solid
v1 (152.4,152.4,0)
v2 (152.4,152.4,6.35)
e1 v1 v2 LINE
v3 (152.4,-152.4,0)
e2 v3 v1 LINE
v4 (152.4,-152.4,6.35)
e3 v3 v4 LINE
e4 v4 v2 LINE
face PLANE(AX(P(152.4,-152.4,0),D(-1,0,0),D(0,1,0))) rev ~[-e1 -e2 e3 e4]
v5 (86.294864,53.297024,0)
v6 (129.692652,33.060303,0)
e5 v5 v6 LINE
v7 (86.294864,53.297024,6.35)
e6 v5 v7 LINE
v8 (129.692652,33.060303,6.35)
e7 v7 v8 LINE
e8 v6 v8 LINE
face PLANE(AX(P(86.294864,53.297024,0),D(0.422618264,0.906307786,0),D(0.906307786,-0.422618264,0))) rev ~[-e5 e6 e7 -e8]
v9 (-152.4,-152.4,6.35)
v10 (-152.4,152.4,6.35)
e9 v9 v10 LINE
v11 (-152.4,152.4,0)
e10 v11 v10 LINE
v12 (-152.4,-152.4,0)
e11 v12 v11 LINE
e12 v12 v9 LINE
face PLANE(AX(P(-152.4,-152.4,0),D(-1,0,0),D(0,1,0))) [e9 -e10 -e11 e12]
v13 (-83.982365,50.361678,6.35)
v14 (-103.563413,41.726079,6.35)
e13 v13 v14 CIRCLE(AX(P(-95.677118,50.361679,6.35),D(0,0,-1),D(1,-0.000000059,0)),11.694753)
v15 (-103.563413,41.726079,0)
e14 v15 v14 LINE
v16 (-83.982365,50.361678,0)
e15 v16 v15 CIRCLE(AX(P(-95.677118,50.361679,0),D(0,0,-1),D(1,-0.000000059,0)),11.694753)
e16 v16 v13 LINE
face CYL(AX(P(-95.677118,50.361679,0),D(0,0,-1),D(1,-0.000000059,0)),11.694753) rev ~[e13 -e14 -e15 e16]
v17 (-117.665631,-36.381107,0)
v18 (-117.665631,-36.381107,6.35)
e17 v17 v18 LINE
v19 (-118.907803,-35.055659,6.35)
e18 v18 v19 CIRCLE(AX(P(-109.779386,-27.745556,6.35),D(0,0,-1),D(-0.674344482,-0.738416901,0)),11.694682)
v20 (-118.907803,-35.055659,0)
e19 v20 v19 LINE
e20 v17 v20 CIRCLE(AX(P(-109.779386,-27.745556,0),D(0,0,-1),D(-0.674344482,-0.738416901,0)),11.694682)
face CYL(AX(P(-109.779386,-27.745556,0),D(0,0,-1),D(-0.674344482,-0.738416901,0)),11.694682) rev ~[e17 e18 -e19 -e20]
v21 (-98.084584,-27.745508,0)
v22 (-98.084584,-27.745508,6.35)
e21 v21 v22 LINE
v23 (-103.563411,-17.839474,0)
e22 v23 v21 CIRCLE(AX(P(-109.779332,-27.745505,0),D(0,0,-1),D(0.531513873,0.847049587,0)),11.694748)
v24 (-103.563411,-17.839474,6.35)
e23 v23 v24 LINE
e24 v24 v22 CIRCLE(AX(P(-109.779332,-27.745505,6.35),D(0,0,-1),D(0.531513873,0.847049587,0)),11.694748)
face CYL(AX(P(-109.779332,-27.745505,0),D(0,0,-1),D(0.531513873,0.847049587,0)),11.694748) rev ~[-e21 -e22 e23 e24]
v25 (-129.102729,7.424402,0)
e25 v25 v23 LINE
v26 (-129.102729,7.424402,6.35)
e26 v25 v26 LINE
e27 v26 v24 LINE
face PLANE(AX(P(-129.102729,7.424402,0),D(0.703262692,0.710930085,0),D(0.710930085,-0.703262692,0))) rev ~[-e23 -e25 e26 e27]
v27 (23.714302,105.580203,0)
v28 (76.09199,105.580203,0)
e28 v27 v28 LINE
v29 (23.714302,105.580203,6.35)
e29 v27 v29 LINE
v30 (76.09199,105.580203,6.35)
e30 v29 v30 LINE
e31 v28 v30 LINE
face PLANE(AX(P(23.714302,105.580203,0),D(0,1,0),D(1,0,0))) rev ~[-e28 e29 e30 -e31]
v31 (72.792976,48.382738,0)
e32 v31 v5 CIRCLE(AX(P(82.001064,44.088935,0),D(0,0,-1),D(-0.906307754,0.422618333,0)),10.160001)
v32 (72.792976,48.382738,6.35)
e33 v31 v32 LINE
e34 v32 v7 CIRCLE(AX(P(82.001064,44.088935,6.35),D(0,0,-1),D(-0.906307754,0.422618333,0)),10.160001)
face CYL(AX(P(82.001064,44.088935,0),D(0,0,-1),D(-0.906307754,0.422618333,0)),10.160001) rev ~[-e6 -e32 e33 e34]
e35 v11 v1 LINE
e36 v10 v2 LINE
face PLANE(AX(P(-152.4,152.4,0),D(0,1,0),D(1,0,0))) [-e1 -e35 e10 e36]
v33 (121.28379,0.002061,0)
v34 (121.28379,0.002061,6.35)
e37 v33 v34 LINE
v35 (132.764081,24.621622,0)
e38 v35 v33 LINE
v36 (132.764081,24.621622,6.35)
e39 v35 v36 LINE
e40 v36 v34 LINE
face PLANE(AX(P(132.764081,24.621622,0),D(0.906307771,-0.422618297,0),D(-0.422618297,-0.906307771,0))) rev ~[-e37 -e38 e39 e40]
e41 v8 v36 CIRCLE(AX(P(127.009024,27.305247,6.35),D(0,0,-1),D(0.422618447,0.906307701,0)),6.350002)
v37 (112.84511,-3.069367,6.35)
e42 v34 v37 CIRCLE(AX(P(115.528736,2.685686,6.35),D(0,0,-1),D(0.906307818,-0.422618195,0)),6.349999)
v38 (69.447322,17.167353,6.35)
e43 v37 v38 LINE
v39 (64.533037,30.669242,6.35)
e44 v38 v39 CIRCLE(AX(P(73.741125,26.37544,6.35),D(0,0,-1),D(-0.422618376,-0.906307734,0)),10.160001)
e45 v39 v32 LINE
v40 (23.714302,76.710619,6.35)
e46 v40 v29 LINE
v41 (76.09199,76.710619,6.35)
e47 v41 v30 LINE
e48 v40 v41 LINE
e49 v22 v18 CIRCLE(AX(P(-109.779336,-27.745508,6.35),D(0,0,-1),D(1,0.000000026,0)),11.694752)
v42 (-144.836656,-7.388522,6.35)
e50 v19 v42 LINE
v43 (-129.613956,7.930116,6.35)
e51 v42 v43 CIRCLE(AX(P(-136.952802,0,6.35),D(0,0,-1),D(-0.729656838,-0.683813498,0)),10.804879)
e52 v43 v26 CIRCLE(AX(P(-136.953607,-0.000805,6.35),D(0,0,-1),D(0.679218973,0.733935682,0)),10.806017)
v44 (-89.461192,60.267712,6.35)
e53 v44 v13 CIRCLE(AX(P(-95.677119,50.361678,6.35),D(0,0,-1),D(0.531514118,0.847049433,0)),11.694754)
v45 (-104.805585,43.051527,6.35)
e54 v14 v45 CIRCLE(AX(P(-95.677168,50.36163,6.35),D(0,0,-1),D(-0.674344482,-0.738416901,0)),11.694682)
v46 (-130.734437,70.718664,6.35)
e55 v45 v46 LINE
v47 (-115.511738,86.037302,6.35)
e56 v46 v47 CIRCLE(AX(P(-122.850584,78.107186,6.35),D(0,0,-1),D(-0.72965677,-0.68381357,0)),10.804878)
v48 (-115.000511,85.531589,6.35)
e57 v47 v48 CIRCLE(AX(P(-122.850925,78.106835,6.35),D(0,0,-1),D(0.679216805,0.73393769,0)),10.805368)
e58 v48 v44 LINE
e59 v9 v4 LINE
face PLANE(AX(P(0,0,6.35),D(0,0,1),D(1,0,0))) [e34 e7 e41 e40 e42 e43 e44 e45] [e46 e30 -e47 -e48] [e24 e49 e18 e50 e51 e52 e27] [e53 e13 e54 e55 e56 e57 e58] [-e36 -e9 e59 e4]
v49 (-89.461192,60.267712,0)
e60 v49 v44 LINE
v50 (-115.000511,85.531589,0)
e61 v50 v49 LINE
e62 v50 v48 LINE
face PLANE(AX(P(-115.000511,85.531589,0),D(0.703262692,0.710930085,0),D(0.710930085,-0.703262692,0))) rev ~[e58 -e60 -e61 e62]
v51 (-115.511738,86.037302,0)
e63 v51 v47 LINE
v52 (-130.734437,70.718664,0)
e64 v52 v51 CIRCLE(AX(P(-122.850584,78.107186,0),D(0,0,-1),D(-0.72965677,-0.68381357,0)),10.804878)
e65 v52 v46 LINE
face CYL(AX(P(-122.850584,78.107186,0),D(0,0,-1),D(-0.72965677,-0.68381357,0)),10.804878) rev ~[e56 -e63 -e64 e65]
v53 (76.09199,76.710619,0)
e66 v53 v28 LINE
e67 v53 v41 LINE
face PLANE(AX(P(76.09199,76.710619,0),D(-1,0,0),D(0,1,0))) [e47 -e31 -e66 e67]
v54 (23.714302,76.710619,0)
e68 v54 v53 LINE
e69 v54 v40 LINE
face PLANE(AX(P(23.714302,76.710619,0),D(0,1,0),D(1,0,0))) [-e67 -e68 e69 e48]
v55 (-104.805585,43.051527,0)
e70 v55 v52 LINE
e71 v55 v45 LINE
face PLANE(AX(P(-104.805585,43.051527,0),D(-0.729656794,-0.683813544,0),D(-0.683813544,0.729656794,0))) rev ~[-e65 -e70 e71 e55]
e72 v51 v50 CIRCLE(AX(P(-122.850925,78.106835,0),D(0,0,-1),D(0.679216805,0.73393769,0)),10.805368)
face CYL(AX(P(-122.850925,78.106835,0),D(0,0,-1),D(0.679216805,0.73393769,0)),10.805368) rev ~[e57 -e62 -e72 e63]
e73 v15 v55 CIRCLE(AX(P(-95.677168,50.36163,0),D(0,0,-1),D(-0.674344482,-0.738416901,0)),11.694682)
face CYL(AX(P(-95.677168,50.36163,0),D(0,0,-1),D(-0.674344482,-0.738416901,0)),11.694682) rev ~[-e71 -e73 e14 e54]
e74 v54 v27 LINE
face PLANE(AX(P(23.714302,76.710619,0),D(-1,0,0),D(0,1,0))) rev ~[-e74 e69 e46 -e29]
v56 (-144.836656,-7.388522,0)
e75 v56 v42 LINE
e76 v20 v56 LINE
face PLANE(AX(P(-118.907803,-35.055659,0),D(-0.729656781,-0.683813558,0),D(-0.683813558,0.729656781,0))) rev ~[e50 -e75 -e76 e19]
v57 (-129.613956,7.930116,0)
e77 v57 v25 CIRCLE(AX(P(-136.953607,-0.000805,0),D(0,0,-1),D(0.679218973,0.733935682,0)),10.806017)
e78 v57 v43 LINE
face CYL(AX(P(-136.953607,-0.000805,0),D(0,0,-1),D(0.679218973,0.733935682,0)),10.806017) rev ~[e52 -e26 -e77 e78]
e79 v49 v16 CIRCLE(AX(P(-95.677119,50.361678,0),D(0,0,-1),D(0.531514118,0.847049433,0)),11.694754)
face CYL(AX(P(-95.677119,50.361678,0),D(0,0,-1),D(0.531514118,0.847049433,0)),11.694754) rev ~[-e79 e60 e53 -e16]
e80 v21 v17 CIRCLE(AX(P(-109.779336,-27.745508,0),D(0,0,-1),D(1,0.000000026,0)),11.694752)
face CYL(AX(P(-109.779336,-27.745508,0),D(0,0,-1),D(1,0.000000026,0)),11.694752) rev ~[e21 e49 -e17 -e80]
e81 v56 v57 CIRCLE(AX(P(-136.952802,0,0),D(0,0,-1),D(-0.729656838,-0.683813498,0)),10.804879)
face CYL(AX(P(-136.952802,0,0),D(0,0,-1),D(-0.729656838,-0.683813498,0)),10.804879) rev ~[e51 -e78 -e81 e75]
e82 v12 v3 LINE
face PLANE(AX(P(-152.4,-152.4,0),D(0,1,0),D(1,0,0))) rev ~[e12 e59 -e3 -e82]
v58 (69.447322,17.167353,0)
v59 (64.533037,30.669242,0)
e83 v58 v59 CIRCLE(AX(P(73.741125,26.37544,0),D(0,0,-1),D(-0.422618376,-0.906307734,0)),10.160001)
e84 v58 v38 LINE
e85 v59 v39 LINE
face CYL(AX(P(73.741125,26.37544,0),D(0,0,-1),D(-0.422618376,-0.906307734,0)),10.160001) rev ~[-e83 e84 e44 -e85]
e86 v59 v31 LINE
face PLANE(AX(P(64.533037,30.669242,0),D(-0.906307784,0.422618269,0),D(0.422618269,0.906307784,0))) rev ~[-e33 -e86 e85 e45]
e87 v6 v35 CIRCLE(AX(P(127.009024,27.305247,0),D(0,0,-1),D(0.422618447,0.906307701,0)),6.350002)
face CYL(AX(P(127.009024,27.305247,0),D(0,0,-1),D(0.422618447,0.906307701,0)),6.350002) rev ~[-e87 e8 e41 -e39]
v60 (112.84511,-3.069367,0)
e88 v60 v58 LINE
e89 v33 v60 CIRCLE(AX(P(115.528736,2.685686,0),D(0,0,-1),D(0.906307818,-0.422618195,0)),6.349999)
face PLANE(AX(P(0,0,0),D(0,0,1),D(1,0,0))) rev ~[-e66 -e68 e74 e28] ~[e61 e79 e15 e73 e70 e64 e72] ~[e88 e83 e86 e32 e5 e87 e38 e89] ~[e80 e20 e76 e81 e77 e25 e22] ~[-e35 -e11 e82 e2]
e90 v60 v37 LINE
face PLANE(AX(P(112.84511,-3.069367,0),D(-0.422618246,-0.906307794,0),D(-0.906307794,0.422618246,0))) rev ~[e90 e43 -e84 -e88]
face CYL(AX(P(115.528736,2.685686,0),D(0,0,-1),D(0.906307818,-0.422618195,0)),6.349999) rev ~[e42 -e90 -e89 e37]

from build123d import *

# Parameters (mm, degrees)
F0_W     = 304.8
F0_H     = 304.8
F0_W_2   = 52.377688
F0_H_2   = 28.869584
F1_DEPTH = 6.35


with BuildPart() as f1:
    # F0 (on Top) → F1 (new body)
    with BuildSketch(Plane.XY):
        Rectangle(F0_W, F0_H)
        with BuildLine():
            ThreePointArc((-144.836656, -7.388522), (-144.616968, 7.616165), (-129.613956, 7.930116))
            ThreePointArc((-129.613956, 7.930116), (-129.354135, 7.681513), (-129.102729, 7.424402))
            Line((-129.102729, 7.424402), (-103.563411, -17.839474))
            ThreePointArc((-103.563411, -17.839474), (-99.545545, -22.085405), (-98.084584, -27.745508))
            ThreePointArc((-98.084584, -27.745508), (-105.060281, -38.44587), (-117.665631, -36.381107))
            ThreePointArc((-117.665631, -36.381107), (-118.312491, -35.742538), (-118.907803, -35.055659))
            Line((-118.907803, -35.055659), (-144.836656, -7.388522))
        make_face(mode=Mode.SUBTRACT)
        with BuildLine():
            ThreePointArc((-130.734437, 70.718664), (-130.514749, 85.723352), (-115.511738, 86.037302))
            ThreePointArc((-115.511738, 86.037302), (-115.251916, 85.788699), (-115.000511, 85.531589))
            Line((-115.000511, 85.531589), (-89.461192, 60.267712))
            ThreePointArc((-89.461192, 60.267712), (-85.443327, 56.021781), (-83.982365, 50.361678))
            ThreePointArc((-83.982365, 50.361678), (-90.958063, 39.661316), (-103.563413, 41.726079))
            ThreePointArc((-103.563413, 41.726079), (-104.210273, 42.364648), (-104.805585, 43.051527))
            Line((-104.805585, 43.051527), (-130.734437, 70.718664))
        make_face(mode=Mode.SUBTRACT)
        with BuildLine():
            ThreePointArc((72.792976, 48.382738), (78.526138, 53.636213), (86.294864, 53.297024))
            Line((86.294864, 53.297024), (129.692652, 33.060303))
            ThreePointArc((129.692652, 33.060303), (132.976074, 29.477076), (132.764081, 24.621622))
            Line((132.764081, 24.621622), (121.28379, 0.002061))
            ThreePointArc((121.28379, 0.002061), (117.700564, -3.281361), (112.84511, -3.069367))
            Line((112.84511, -3.069367), (69.447322, 17.167353))
            ThreePointArc((69.447322, 17.167353), (64.193847, 22.900516), (64.533037, 30.669242))
            Line((64.533037, 30.669242), (72.792976, 48.382738))
        make_face(mode=Mode.SUBTRACT)
        with Locations((49.903146, 91.145411)):
            Rectangle(F0_W_2, F0_H_2, mode=Mode.SUBTRACT)
    extrude(amount=F1_DEPTH)


solid = f1.part
